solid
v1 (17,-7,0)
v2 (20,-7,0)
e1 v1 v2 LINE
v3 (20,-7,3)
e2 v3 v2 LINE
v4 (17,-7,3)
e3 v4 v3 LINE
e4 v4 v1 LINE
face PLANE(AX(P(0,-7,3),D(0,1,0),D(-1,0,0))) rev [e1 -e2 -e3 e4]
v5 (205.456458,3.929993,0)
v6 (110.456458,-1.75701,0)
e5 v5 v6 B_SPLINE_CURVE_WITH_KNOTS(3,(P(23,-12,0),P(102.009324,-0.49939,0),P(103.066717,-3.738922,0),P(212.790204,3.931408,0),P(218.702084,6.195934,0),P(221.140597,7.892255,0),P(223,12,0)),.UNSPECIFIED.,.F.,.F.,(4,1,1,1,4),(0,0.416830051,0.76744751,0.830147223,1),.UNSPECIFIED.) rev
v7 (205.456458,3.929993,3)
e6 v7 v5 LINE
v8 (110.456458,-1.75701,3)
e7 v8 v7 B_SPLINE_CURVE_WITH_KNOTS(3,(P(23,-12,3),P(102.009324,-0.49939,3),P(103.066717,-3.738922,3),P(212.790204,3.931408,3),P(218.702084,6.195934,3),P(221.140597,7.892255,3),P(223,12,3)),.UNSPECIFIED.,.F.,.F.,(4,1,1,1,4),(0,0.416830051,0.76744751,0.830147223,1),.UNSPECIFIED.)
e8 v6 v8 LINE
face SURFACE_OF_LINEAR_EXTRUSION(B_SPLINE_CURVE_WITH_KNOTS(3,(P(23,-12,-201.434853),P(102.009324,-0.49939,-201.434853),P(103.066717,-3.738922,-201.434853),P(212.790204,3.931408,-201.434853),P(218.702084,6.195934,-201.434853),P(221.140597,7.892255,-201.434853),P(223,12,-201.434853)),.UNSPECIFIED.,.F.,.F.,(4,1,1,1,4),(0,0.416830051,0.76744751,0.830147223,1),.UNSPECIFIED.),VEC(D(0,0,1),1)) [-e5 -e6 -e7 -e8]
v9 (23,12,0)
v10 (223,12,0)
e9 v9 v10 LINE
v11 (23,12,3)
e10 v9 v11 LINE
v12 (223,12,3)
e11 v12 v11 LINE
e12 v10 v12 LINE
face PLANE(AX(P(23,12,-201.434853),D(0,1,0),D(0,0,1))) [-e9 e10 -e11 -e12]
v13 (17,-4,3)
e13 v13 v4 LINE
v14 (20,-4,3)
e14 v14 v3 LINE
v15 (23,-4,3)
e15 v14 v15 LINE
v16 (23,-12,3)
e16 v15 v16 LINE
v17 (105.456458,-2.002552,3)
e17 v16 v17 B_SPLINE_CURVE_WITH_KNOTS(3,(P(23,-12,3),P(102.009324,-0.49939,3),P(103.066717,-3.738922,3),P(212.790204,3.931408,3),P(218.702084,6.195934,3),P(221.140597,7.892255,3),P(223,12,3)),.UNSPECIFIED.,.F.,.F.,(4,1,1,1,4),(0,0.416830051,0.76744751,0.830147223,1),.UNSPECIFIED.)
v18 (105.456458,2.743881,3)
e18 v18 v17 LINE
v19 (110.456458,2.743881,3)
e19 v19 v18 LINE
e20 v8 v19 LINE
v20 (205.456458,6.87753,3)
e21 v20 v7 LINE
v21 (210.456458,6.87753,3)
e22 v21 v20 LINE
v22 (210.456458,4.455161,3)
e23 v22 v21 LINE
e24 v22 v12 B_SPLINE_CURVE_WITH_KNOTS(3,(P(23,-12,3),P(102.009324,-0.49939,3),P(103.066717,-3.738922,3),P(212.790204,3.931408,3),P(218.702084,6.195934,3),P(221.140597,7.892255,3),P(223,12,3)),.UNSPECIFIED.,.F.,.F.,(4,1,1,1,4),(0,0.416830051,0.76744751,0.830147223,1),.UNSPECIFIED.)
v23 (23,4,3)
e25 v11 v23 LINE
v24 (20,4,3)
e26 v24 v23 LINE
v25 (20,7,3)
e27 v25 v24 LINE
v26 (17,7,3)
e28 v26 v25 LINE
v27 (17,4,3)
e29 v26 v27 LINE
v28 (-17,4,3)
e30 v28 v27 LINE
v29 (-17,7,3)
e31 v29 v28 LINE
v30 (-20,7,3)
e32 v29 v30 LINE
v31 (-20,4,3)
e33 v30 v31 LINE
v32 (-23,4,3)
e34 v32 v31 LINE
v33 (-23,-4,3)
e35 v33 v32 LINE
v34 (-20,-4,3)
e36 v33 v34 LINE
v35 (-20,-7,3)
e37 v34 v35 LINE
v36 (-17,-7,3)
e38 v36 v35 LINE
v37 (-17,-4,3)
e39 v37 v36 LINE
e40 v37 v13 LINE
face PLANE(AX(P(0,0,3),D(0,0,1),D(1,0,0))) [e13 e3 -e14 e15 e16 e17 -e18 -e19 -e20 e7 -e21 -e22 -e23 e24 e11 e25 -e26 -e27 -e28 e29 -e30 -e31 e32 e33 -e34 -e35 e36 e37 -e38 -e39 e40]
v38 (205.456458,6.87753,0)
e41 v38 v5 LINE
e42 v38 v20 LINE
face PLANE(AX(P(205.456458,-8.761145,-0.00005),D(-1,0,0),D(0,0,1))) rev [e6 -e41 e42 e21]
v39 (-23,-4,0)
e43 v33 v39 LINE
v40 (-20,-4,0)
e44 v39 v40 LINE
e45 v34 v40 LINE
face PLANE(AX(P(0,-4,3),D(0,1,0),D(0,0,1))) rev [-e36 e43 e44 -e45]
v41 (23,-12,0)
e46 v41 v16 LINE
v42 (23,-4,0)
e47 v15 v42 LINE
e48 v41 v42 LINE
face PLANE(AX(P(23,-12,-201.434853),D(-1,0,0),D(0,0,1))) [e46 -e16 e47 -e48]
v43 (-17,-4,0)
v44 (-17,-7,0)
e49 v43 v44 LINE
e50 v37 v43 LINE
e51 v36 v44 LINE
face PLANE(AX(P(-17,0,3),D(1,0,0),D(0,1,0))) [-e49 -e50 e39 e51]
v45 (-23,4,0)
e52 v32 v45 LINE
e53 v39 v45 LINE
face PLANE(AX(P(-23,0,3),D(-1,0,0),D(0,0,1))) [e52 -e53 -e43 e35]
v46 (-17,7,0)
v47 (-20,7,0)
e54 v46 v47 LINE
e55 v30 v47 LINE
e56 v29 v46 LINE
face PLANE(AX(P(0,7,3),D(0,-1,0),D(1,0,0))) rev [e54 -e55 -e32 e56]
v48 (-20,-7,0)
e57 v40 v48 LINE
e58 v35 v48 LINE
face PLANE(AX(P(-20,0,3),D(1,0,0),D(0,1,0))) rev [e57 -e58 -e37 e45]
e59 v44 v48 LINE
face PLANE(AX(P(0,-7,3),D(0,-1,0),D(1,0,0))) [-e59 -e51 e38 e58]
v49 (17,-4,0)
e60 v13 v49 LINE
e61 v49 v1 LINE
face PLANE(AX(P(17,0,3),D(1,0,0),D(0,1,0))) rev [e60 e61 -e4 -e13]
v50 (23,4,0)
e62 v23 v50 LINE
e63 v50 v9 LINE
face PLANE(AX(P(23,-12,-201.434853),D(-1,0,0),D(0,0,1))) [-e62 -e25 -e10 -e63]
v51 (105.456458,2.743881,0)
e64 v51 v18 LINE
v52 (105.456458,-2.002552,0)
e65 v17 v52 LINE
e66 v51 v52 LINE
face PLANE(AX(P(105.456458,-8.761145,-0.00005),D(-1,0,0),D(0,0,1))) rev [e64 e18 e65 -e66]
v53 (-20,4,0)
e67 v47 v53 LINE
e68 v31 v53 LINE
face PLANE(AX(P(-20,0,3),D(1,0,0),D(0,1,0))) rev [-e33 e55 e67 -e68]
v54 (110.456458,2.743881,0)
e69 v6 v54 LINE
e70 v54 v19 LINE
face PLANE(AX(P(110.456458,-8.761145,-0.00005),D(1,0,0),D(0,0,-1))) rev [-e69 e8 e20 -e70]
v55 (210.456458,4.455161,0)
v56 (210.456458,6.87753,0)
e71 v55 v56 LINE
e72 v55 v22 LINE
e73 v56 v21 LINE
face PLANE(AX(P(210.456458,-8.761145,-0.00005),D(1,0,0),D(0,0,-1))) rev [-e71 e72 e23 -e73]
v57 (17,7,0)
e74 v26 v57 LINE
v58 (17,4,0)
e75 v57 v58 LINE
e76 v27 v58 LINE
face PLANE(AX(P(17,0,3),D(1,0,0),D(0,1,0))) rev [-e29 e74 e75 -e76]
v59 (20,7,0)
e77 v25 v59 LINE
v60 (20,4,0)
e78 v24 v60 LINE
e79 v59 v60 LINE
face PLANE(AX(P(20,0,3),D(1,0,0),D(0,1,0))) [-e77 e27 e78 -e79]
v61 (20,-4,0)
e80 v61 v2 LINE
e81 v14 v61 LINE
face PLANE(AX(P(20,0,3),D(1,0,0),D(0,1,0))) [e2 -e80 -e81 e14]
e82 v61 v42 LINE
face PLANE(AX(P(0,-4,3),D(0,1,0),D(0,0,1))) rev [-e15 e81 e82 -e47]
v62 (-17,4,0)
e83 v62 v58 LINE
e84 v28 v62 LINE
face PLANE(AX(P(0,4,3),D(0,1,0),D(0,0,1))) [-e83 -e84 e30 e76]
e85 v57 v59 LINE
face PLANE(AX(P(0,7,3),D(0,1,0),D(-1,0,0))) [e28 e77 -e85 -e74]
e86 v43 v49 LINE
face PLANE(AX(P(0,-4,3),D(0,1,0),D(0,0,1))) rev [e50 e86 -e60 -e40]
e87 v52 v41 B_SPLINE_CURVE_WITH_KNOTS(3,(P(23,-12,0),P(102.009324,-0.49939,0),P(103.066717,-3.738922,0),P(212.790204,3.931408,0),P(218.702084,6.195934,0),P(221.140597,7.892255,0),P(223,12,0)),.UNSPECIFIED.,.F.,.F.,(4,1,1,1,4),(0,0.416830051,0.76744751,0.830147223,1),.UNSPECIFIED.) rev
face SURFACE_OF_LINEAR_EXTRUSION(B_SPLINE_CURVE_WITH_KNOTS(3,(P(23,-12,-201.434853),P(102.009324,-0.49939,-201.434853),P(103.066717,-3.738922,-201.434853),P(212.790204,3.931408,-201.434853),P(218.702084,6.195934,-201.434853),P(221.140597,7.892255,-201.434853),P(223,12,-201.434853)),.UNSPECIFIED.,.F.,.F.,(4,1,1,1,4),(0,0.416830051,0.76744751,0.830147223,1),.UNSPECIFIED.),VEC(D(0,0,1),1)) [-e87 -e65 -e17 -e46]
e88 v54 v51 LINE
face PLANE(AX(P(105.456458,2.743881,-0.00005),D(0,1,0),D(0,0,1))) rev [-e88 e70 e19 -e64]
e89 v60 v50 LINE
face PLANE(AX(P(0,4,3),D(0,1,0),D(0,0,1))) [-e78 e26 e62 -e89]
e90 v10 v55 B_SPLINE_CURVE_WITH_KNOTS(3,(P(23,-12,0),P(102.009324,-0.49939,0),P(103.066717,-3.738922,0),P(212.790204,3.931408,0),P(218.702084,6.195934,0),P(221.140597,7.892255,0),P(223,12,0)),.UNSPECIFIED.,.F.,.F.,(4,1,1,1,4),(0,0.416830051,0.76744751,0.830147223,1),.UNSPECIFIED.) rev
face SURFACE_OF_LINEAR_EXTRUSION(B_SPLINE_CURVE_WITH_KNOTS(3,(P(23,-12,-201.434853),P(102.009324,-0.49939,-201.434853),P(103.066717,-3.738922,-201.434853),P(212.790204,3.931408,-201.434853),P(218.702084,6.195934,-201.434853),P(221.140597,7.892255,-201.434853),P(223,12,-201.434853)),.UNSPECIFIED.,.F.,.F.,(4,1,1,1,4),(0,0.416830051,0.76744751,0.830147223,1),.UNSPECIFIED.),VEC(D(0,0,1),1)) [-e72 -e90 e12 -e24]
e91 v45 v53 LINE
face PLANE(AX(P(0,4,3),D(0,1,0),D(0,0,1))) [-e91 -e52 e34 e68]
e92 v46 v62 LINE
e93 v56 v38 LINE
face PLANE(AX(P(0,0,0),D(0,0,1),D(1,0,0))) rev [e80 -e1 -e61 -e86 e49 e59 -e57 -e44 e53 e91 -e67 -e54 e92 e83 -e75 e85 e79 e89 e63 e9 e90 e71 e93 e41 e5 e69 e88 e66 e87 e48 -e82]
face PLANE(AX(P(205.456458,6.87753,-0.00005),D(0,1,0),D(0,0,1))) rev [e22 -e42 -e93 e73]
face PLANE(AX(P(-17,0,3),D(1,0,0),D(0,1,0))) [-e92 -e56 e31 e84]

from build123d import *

# Parameters (mm, degrees)
SKETCH1_W           = 3
SKETCH1_H           = 3
SKETCH1_H_2         = 8
SKETCH1_W_2         = 34
BOSS_EXTRUDE1_DEPTH = 3
BOSS_EXTRUDE2_DEPTH = 3
SKETCH4_W           = 5
SKETCH4_H           = 11.505026735
SKETCH4_H_2         = 15.63867488
CUT_EXTRUDE1_DEPTH  = 4.0000001


with BuildPart() as part:
    # Sketch1 → Boss-Extrude1 (new body)
    with BuildSketch(Plane.XY):
        with Locations((-18.5, 5.5)):
            Rectangle(SKETCH1_W, SKETCH1_H)
        with Locations((-21.5, 0)):
            Rectangle(SKETCH1_W, SKETCH1_H_2)
        with Locations((-18.5, 0)):
            Rectangle(SKETCH1_W, SKETCH1_H_2)
        with Locations((-18.5, -5.5)):
            Rectangle(SKETCH1_W, SKETCH1_H)
        Rectangle(SKETCH1_W_2, SKETCH1_H_2)
        with Locations((21.5, 0)):
            Rectangle(SKETCH1_W, SKETCH1_H_2)
        with Locations((18.5, 0)):
            Rectangle(SKETCH1_W, SKETCH1_H_2)
        with Locations((18.5, 5.5)):
            Rectangle(SKETCH1_W, SKETCH1_H)
        with Locations((18.5, -5.5)):
            Rectangle(SKETCH1_W, SKETCH1_H)
    extrude(amount=BOSS_EXTRUDE1_DEPTH)

    # Sketch2 → Boss-Extrude2 (add)
    with BuildSketch(Plane.XY.offset(3)):
        with BuildLine():
            Line((23, -12), (23, 12))
            Line((23, 12), (223, 12))
            add(Edge.make_bspline(
                [(223, 12), (221.140597213, 7.892255131), (218.702083634, 6.19593369), (212.790204305, 3.931408425), (103.066716712, -3.738921761), (102.009324238, -0.499389529), (23, -12)],
                knots=[0, 0, 0, 0, 0.169852777, 0.23255249, 0.583169949, 1, 1, 1, 1], degree=3))
        make_face()
    extrude(amount=-BOSS_EXTRUDE2_DEPTH)

    # Sketch4 → Cut-Extrude1 (cut, through all)
    with BuildSketch(Plane.XY.offset(3)):
        with Locations((107.956458128, -3.008631932)):
            Rectangle(SKETCH4_W, SKETCH4_H)
        with Locations((207.956458128, -0.941807859)):
            Rectangle(SKETCH4_W, SKETCH4_H_2)
    extrude(amount=-CUT_EXTRUDE1_DEPTH, mode=Mode.SUBTRACT)


solid = part.part
